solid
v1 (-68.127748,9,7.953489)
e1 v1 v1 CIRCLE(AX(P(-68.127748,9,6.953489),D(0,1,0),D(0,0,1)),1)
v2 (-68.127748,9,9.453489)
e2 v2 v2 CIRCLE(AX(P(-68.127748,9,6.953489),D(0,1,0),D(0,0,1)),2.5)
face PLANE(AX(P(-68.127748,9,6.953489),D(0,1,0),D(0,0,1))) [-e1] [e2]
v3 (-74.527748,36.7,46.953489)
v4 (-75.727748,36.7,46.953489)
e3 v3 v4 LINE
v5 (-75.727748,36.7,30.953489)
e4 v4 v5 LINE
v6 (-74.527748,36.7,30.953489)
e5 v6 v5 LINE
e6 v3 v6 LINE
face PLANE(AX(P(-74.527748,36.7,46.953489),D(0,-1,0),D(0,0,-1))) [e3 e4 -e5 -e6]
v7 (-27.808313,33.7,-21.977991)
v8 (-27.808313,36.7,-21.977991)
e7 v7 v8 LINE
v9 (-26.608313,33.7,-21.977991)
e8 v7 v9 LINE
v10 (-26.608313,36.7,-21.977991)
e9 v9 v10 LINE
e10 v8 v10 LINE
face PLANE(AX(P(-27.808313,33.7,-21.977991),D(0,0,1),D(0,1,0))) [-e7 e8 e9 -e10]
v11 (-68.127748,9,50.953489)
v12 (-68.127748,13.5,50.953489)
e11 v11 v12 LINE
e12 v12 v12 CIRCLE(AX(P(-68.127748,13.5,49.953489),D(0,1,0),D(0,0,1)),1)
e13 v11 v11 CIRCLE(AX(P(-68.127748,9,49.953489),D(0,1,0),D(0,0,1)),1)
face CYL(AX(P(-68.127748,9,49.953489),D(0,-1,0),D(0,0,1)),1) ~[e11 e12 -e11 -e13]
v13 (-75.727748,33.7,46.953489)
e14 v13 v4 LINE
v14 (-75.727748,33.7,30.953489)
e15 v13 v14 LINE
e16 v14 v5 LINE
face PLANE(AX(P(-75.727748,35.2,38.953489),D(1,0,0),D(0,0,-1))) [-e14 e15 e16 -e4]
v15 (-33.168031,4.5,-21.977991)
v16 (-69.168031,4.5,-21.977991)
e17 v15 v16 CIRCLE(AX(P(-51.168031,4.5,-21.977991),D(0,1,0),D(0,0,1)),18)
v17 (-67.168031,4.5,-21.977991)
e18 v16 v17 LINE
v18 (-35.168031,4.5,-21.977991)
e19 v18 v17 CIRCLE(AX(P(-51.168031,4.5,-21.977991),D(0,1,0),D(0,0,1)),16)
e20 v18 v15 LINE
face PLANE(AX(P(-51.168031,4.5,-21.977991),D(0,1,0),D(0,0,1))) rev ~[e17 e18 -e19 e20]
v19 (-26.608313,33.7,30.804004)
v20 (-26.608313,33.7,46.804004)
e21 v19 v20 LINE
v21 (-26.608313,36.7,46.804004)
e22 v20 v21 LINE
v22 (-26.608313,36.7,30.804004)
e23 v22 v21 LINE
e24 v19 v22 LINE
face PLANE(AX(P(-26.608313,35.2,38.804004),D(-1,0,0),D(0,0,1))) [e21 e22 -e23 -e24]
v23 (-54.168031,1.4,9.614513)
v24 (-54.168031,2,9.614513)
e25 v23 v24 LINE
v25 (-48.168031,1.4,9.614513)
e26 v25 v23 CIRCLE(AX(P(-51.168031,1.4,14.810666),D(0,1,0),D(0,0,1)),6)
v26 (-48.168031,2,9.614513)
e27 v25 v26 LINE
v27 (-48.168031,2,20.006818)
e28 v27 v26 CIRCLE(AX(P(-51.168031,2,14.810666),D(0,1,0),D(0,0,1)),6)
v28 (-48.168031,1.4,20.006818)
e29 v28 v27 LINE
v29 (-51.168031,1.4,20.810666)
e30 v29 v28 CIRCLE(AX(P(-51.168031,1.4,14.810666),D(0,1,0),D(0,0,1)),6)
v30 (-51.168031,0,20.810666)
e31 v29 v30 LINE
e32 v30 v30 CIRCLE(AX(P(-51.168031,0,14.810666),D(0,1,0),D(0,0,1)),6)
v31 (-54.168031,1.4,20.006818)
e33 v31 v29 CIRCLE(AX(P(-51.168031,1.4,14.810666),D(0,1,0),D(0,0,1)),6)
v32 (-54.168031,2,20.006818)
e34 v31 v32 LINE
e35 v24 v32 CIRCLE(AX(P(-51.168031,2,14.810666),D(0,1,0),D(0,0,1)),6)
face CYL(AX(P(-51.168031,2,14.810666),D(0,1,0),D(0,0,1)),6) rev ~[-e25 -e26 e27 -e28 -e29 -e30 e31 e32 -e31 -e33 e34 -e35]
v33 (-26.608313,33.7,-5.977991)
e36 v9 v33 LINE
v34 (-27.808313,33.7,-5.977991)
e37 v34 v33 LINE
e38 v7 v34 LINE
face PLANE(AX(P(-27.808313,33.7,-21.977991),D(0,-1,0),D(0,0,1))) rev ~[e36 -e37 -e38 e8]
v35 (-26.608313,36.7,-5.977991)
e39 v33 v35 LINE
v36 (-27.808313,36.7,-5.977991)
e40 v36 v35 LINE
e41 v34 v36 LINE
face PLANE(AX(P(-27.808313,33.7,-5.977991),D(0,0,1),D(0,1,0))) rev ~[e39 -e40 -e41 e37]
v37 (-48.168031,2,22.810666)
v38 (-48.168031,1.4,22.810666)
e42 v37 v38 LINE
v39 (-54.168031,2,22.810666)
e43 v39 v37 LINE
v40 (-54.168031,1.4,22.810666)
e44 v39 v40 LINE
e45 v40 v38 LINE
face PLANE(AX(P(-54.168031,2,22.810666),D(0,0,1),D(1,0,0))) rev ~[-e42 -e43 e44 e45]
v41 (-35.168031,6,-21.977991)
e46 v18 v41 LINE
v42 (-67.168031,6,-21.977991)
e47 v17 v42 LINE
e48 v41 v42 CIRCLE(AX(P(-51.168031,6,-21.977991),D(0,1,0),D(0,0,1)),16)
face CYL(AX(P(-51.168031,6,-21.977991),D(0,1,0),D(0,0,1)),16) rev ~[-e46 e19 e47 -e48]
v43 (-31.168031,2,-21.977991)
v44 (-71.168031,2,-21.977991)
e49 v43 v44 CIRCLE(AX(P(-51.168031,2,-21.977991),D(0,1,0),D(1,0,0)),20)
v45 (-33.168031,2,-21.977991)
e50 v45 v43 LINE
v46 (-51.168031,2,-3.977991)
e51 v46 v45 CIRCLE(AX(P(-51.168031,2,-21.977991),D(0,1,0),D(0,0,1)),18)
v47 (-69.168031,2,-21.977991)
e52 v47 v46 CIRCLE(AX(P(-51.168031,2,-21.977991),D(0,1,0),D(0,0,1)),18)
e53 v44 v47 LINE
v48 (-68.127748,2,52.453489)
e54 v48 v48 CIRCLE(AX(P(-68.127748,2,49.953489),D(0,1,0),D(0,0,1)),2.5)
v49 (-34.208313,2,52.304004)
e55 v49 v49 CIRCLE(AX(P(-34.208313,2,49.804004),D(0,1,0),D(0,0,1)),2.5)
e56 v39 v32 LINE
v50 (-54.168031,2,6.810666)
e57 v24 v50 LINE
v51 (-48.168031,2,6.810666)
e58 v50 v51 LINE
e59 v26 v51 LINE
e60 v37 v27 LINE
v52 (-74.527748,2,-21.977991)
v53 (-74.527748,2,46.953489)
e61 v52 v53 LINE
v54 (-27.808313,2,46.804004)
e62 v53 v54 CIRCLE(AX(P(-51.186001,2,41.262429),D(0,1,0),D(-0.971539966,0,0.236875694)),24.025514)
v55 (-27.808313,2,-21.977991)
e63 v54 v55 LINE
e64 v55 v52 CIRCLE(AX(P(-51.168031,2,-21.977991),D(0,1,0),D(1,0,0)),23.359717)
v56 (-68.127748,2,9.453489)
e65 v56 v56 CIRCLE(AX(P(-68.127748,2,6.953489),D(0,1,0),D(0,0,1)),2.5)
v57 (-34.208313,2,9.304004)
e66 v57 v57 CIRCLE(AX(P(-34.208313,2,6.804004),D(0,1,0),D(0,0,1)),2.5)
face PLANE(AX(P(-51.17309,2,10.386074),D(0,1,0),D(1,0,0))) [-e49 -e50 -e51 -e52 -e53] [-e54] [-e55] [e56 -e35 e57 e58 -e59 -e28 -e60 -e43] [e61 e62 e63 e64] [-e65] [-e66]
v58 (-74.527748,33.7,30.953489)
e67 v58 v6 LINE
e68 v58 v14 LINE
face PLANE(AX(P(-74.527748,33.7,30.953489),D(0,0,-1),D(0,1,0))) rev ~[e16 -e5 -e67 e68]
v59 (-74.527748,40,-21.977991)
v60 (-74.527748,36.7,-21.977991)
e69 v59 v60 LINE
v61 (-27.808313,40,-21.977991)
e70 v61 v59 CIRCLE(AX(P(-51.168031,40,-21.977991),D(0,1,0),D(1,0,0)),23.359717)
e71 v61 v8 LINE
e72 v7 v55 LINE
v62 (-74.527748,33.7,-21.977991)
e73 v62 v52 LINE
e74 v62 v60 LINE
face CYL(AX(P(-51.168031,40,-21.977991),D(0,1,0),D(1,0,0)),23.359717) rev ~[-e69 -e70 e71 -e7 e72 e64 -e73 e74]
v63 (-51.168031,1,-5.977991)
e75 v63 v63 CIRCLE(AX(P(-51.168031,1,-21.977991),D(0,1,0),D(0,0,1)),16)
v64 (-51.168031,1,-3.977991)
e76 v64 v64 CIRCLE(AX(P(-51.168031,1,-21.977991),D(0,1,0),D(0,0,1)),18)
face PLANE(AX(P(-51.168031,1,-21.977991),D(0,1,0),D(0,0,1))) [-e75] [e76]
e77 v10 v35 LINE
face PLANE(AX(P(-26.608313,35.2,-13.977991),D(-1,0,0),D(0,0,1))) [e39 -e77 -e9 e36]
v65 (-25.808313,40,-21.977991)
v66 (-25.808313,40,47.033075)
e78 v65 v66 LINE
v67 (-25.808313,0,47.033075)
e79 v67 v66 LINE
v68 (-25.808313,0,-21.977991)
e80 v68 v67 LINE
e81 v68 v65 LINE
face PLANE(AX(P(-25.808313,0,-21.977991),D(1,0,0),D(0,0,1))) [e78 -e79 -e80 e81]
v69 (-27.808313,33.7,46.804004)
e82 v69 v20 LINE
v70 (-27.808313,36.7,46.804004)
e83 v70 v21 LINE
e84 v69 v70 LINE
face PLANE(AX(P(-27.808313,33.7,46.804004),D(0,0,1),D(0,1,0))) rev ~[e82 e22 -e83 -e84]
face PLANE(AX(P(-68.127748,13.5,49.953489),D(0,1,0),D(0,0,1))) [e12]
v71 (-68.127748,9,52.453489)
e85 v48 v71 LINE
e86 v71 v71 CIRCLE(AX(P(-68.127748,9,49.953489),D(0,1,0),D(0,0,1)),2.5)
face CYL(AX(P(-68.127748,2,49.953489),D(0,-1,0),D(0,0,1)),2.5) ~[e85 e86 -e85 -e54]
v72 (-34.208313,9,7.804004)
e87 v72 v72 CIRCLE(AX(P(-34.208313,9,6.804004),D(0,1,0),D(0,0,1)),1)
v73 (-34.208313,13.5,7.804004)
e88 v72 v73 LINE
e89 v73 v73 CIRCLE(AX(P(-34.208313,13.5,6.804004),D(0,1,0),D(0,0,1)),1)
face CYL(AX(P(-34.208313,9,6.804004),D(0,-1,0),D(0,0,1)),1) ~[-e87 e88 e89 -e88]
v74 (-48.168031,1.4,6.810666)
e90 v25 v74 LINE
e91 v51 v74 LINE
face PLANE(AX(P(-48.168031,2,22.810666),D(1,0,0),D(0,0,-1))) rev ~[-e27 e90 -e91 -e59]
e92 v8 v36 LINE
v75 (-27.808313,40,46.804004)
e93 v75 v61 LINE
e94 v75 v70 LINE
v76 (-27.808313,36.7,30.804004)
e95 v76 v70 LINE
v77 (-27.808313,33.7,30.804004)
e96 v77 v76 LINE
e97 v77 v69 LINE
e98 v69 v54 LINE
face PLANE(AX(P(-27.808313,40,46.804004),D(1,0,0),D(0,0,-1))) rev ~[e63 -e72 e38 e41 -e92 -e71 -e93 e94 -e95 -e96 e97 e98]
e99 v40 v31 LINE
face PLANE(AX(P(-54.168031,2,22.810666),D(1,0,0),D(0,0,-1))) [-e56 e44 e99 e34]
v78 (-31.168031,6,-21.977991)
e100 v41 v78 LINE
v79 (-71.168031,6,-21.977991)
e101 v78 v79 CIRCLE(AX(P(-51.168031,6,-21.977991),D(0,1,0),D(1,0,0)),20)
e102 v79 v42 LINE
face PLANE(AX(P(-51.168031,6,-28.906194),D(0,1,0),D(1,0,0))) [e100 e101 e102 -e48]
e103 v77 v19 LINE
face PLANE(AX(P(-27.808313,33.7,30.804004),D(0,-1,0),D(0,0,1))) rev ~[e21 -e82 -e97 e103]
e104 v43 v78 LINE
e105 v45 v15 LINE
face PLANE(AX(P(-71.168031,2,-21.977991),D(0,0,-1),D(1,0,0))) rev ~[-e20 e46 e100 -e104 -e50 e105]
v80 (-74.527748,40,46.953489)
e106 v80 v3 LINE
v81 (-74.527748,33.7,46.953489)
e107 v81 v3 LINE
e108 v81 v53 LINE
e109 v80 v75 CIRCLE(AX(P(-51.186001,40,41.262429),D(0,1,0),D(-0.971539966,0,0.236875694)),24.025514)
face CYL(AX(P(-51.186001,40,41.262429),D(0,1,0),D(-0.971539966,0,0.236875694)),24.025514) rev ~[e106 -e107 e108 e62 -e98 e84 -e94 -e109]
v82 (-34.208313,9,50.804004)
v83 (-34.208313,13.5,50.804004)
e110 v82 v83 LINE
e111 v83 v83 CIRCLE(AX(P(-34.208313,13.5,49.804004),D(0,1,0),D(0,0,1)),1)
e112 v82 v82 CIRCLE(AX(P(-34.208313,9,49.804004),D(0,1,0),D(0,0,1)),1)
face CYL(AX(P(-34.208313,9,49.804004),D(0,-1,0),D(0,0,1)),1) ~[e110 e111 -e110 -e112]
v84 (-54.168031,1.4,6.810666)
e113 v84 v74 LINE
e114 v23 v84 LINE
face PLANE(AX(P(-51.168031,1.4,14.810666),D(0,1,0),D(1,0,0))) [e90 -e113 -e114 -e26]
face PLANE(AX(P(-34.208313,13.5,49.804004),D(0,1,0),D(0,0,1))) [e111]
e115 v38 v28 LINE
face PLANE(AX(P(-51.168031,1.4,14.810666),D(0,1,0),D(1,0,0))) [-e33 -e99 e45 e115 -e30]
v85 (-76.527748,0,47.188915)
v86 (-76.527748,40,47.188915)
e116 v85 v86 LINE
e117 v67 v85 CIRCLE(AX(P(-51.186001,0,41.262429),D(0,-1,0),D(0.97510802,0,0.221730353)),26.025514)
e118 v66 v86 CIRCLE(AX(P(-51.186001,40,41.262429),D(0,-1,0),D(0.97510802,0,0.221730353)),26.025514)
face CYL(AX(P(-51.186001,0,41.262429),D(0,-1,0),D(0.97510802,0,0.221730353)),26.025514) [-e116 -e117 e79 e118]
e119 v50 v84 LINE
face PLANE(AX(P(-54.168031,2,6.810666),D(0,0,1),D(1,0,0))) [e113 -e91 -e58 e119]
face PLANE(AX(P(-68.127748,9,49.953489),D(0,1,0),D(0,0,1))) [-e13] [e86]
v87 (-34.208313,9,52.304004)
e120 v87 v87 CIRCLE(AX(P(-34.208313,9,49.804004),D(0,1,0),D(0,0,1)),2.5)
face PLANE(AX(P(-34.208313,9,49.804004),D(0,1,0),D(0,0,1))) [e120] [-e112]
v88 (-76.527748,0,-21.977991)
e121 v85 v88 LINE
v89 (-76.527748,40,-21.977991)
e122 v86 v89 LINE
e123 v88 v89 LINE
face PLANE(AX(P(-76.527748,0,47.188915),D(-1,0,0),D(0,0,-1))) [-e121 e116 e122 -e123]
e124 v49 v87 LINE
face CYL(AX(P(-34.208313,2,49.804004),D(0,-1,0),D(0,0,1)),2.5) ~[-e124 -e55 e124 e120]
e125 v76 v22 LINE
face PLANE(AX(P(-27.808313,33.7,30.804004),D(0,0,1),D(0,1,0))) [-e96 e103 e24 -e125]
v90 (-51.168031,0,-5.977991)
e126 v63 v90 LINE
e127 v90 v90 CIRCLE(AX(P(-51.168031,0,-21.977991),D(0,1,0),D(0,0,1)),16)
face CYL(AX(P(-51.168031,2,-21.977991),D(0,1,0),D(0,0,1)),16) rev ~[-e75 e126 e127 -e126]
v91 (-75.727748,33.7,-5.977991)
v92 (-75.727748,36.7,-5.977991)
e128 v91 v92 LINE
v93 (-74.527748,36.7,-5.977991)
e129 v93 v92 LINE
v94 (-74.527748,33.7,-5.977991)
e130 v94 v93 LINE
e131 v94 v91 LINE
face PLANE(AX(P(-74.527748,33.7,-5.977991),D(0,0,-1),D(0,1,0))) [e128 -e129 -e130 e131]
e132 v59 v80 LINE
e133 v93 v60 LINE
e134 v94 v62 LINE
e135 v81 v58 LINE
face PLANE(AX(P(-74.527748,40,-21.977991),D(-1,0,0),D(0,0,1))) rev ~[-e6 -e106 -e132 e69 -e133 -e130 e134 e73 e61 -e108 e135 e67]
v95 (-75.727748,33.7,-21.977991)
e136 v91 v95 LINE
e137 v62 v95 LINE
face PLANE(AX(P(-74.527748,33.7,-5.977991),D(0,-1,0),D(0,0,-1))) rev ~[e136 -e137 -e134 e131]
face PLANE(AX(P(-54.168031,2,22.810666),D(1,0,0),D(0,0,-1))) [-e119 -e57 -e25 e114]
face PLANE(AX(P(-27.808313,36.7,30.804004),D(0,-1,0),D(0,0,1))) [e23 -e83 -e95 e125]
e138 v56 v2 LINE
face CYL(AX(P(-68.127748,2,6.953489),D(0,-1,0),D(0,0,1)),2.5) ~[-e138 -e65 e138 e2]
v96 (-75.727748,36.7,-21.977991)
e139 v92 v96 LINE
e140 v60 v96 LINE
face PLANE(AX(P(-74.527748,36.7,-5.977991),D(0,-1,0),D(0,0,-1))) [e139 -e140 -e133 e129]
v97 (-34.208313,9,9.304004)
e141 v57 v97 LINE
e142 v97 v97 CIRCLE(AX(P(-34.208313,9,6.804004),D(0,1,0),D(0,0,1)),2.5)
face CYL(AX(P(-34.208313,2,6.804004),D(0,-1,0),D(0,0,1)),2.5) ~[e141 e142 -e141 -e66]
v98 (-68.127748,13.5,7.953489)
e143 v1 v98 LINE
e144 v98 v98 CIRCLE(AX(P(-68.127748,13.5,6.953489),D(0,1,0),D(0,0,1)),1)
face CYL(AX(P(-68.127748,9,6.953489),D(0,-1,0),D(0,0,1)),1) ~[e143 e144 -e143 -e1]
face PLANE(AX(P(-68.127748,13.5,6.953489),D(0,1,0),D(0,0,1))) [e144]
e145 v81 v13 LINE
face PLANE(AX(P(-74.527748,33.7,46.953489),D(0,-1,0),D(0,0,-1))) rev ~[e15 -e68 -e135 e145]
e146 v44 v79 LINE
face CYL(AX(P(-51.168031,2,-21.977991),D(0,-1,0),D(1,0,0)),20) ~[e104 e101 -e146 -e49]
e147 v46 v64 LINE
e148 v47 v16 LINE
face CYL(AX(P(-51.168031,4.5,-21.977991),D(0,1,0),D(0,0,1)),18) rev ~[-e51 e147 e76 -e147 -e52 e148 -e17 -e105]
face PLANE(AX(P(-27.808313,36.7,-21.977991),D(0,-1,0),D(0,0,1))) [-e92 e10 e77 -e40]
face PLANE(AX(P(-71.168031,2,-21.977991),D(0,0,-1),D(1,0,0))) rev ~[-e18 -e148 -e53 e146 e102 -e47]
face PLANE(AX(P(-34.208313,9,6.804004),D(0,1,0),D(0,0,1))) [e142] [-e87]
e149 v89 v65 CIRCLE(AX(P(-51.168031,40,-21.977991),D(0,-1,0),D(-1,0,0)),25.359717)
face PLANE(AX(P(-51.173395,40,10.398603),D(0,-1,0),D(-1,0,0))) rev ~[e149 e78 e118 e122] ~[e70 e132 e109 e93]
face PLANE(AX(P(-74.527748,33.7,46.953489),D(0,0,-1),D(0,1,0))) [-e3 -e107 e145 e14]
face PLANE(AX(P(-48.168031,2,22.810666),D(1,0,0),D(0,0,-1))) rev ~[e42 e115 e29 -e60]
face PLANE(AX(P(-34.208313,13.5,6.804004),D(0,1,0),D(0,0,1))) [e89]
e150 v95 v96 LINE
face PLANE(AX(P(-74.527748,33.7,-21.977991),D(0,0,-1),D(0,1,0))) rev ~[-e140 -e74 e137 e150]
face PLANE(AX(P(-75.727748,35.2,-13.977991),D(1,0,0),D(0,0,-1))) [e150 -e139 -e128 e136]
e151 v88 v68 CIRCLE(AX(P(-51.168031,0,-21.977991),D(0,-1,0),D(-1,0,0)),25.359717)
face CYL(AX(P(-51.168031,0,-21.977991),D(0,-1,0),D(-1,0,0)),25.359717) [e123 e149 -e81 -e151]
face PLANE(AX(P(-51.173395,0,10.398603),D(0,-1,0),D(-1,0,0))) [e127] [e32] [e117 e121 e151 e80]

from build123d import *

# Parameters (mm, degrees)
SALIENTE_EXTRUIR5_DEPTH  = 40
CORTAR_EXTRUIR3_DEPTH    = 38
CROQUIS19_R              = 16
CORTAR_EXTRUIR4_DEPTH    = 16
CROQUIS22_R              = 6
CORTAR_EXTRUIR6_DEPTH    = 16
CROQUIS25_W              = 6
CROQUIS25_H              = 16
CORTAR_EXTRUIR10_DEPTH   = 0.6
CROQUIS28_R              = 18
CORTAR_EXTRUIR11_DEPTH   = 1
SALIENTE_EXTRUIR7_DEPTH  = 4
CROQUIS30_R              = 16
CORTAR_EXTRUIR12_DEPTH   = 34
CORTAR_EXTRUIR13_START   = 3.5
CROQUIS31_R              = 18
CORTAR_EXTRUIR13_DEPTH   = 3.5
CROQUIS24_W              = 16
CROQUIS24_H              = 3
CORTAR_EXTRUIR14_DEPTH   = 1.2
CROQUIS23_W              = 16
CROQUIS23_H              = 3
CORTAR_EXTRUIR15_DEPTH   = 1.2
CROQUIS32_R              = 2.5
SALIENTE_EXTRUIR8_DEPTH  = 7
CROQUIS49_R              = 1
SALIENTE_EXTRUIR9_DEPTH  = 4.5
CROQUIS47_R              = 1
SALIENTE_EXTRUIR10_DEPTH = 4.5
CROQUIS48_R              = 1
SALIENTE_EXTRUIR11_DEPTH = 4.5
CROQUIS50_R              = 1
SALIENTE_EXTRUIR12_DEPTH = 4.5


with BuildPart() as part:
    # Croquis1 → Saliente-Extruir5 (new body)
    with BuildSketch(Plane(origin=(0, 0, 0), x_dir=(1, 0, 0), z_dir=(0, 1, 0))):
        with BuildLine():
            Line((-76.52774776, -47.188914739), (-76.52774776, 21.977990865))
            ThreePointArc((-76.52774776, 21.977990865), (-51.168030611, 47.337708015), (-25.808313462, 21.977990865))
            Line((-25.808313462, 21.977990865), (-25.808313462, -47.033075243))
            ThreePointArc((-25.808313462, -47.033075243), (-51.106035712, -67.287819919), (-76.52774776, -47.188914739))
        make_face()
    extrude(amount=SALIENTE_EXTRUIR5_DEPTH)

    # Croquis16 → Cortar-Extruir3 (cut)
    with BuildSketch(Plane(origin=(0, 40, 0), x_dir=(1, 0, 0), z_dir=(0, 1, 0))):
        with BuildLine():
            Line((-74.52774776, 21.977990865), (-74.52774776, -46.95348914))
            ThreePointArc((-74.52774776, -46.95348914), (-51.109128236, -65.287819786), (-27.808313462, -46.804003852))
            Line((-27.808313462, -46.804003852), (-27.808313462, 21.977990865))
            ThreePointArc((-27.808313462, 21.977990865), (-51.168030611, 45.337708015), (-74.52774776, 21.977990865))
        make_face()
    extrude(amount=-CORTAR_EXTRUIR3_DEPTH, mode=Mode.SUBTRACT)

    # Croquis19 → Cortar-Extruir4 (cut)
    with BuildSketch(Plane(origin=(0, 2, 0), x_dir=(1, 0, 0), z_dir=(0, 1, 0))):
        with Locations(Location((-51.168030611, 21.977990865, 0), (0, 0, 270))):
            Circle(CROQUIS19_R)
    extrude(amount=-CORTAR_EXTRUIR4_DEPTH, mode=Mode.SUBTRACT)

    # Croquis22 → Cortar-Extruir6 (cut)
    with BuildSketch(Plane(origin=(0, 2, 0), x_dir=(1, 0, 0), z_dir=(0, 1, 0))):
        with Locations(Location((-51.168030611, -14.810665764, 0), (0, 0, 270))):
            Circle(CROQUIS22_R)
    extrude(amount=-CORTAR_EXTRUIR6_DEPTH, mode=Mode.SUBTRACT)

    # Croquis25 → Cortar-Extruir10 (cut)
    with BuildSketch(Plane(origin=(0, 2, 0), x_dir=(1, 0, 0), z_dir=(0, 1, 0))):
        with Locations((-51.168030611, -14.810665764)):
            Rectangle(CROQUIS25_W, CROQUIS25_H)
    extrude(amount=-CORTAR_EXTRUIR10_DEPTH, mode=Mode.SUBTRACT)

    # Croquis28 → Cortar-Extruir11 (cut)
    with BuildSketch(Plane(origin=(0, 2, 0), x_dir=(1, 0, 0), z_dir=(0, 1, 0))):
        with Locations(Location((-51.168030611, 21.977990865, 0), (0, 0, 270))):
            Circle(CROQUIS28_R)
    extrude(amount=-CORTAR_EXTRUIR11_DEPTH, mode=Mode.SUBTRACT)

    # Croquis29 → Saliente-Extruir7 (add)
    with BuildSketch(Plane(origin=(0, 2, 0), x_dir=(1, 0, 0), z_dir=(0, 1, 0))):
        with BuildLine():
            Line((-71.168030611, 21.977990865), (-31.168030611, 21.977990865))
            ThreePointArc((-31.168030611, 21.977990865), (-51.168030611, 41.977990865), (-71.168030611, 21.977990865))
        make_face()
    extrude(amount=SALIENTE_EXTRUIR7_DEPTH)

    # Croquis30 → Cortar-Extruir12 (cut)
    with BuildSketch(Plane(origin=(0, 6, 0), x_dir=(1, 0, 0), z_dir=(0, 1, 0))):
        with Locations(Location((-51.168030611, 21.977990865, 0), (0, 0, 270))):
            Circle(CROQUIS30_R)
    extrude(amount=-CORTAR_EXTRUIR12_DEPTH, mode=Mode.SUBTRACT)

    # Croquis31 → Cortar-Extruir13 (cut)
    with BuildSketch(Plane(origin=(0, 1, 0), x_dir=(1, 0, 0), z_dir=(0, 1, 0)).offset(CORTAR_EXTRUIR13_START)):
        with Locations(Location((-51.168030611, 21.977990865, 0), (0, 0, 270))):
            Circle(CROQUIS31_R)
    extrude(amount=-CORTAR_EXTRUIR13_DEPTH, mode=Mode.SUBTRACT)

    # Croquis24 → Cortar-Extruir14 (cut)
    with BuildSketch(Plane.ZY.offset(27.808313462)):
        with Locations((-13.977990865, 35.2)):
            Rectangle(CROQUIS24_W, CROQUIS24_H)
        with Locations((38.804003852, 35.2)):
            Rectangle(CROQUIS24_W, CROQUIS24_H)
    extrude(amount=-CORTAR_EXTRUIR14_DEPTH, mode=Mode.SUBTRACT)

    # Croquis23 → Cortar-Extruir15 (cut)
    with BuildSketch(Plane(origin=(-74.52774776, 0, 0), x_dir=(0, 0, -1), z_dir=(1, 0, 0))):
        with Locations((-38.95348914, 35.2)):
            Rectangle(CROQUIS23_W, CROQUIS23_H)
        with Locations((13.977990865, 35.2)):
            Rectangle(CROQUIS23_W, CROQUIS23_H)
    extrude(amount=-CORTAR_EXTRUIR15_DEPTH, mode=Mode.SUBTRACT)

    # Croquis32 → Saliente-Extruir8 (add)
    with BuildSketch(Plane(origin=(0, 2, 0), x_dir=(1, 0, 0), z_dir=(0, 1, 0))):
        with Locations(Location((-68.12774776, -49.95348914, 0), (0, 0, 270))):
            Circle(CROQUIS32_R)
        with Locations(Location((-34.208313462, -49.804003852, 0), (0, 0, 270))):
            Circle(CROQUIS32_R)
        with Locations(Location((-68.12774776, -6.95348914, 0), (0, 0, 270))):
            Circle(CROQUIS32_R)
        with Locations(Location((-34.208313462, -6.804003852, 0), (0, 0, 270))):
            Circle(CROQUIS32_R)
    extrude(amount=SALIENTE_EXTRUIR8_DEPTH)

    # Croquis49 → Saliente-Extruir9 (add)
    with BuildSketch(Plane(origin=(0, 9, 0), x_dir=(1, 0, 0), z_dir=(0, 1, 0))):
        with Locations(Location((-34.208313462, -49.804003852, 0), (0, 0, 270))):
            Circle(CROQUIS49_R)
    extrude(amount=SALIENTE_EXTRUIR9_DEPTH)

    # Croquis47 → Saliente-Extruir10 (add)
    with BuildSketch(Plane(origin=(0, 9, 0), x_dir=(1, 0, 0), z_dir=(0, 1, 0))):
        with Locations(Location((-34.208313462, -6.804003852, 0), (0, 0, 270))):
            Circle(CROQUIS47_R)
    extrude(amount=SALIENTE_EXTRUIR10_DEPTH)

    # Croquis48 → Saliente-Extruir11 (add)
    with BuildSketch(Plane(origin=(0, 9, 0), x_dir=(1, 0, 0), z_dir=(0, 1, 0))):
        with Locations(Location((-68.12774776, -6.95348914, 0), (0, 0, 270))):
            Circle(CROQUIS48_R)
    extrude(amount=SALIENTE_EXTRUIR11_DEPTH)

    # Croquis50 → Saliente-Extruir12 (add)
    with BuildSketch(Plane(origin=(0, 9, 0), x_dir=(1, 0, 0), z_dir=(0, 1, 0))):
        with Locations(Location((-68.12774776, -49.95348914, 0), (0, 0, 270))):
            Circle(CROQUIS50_R)
    extrude(amount=SALIENTE_EXTRUIR12_DEPTH)


solid = part.part
